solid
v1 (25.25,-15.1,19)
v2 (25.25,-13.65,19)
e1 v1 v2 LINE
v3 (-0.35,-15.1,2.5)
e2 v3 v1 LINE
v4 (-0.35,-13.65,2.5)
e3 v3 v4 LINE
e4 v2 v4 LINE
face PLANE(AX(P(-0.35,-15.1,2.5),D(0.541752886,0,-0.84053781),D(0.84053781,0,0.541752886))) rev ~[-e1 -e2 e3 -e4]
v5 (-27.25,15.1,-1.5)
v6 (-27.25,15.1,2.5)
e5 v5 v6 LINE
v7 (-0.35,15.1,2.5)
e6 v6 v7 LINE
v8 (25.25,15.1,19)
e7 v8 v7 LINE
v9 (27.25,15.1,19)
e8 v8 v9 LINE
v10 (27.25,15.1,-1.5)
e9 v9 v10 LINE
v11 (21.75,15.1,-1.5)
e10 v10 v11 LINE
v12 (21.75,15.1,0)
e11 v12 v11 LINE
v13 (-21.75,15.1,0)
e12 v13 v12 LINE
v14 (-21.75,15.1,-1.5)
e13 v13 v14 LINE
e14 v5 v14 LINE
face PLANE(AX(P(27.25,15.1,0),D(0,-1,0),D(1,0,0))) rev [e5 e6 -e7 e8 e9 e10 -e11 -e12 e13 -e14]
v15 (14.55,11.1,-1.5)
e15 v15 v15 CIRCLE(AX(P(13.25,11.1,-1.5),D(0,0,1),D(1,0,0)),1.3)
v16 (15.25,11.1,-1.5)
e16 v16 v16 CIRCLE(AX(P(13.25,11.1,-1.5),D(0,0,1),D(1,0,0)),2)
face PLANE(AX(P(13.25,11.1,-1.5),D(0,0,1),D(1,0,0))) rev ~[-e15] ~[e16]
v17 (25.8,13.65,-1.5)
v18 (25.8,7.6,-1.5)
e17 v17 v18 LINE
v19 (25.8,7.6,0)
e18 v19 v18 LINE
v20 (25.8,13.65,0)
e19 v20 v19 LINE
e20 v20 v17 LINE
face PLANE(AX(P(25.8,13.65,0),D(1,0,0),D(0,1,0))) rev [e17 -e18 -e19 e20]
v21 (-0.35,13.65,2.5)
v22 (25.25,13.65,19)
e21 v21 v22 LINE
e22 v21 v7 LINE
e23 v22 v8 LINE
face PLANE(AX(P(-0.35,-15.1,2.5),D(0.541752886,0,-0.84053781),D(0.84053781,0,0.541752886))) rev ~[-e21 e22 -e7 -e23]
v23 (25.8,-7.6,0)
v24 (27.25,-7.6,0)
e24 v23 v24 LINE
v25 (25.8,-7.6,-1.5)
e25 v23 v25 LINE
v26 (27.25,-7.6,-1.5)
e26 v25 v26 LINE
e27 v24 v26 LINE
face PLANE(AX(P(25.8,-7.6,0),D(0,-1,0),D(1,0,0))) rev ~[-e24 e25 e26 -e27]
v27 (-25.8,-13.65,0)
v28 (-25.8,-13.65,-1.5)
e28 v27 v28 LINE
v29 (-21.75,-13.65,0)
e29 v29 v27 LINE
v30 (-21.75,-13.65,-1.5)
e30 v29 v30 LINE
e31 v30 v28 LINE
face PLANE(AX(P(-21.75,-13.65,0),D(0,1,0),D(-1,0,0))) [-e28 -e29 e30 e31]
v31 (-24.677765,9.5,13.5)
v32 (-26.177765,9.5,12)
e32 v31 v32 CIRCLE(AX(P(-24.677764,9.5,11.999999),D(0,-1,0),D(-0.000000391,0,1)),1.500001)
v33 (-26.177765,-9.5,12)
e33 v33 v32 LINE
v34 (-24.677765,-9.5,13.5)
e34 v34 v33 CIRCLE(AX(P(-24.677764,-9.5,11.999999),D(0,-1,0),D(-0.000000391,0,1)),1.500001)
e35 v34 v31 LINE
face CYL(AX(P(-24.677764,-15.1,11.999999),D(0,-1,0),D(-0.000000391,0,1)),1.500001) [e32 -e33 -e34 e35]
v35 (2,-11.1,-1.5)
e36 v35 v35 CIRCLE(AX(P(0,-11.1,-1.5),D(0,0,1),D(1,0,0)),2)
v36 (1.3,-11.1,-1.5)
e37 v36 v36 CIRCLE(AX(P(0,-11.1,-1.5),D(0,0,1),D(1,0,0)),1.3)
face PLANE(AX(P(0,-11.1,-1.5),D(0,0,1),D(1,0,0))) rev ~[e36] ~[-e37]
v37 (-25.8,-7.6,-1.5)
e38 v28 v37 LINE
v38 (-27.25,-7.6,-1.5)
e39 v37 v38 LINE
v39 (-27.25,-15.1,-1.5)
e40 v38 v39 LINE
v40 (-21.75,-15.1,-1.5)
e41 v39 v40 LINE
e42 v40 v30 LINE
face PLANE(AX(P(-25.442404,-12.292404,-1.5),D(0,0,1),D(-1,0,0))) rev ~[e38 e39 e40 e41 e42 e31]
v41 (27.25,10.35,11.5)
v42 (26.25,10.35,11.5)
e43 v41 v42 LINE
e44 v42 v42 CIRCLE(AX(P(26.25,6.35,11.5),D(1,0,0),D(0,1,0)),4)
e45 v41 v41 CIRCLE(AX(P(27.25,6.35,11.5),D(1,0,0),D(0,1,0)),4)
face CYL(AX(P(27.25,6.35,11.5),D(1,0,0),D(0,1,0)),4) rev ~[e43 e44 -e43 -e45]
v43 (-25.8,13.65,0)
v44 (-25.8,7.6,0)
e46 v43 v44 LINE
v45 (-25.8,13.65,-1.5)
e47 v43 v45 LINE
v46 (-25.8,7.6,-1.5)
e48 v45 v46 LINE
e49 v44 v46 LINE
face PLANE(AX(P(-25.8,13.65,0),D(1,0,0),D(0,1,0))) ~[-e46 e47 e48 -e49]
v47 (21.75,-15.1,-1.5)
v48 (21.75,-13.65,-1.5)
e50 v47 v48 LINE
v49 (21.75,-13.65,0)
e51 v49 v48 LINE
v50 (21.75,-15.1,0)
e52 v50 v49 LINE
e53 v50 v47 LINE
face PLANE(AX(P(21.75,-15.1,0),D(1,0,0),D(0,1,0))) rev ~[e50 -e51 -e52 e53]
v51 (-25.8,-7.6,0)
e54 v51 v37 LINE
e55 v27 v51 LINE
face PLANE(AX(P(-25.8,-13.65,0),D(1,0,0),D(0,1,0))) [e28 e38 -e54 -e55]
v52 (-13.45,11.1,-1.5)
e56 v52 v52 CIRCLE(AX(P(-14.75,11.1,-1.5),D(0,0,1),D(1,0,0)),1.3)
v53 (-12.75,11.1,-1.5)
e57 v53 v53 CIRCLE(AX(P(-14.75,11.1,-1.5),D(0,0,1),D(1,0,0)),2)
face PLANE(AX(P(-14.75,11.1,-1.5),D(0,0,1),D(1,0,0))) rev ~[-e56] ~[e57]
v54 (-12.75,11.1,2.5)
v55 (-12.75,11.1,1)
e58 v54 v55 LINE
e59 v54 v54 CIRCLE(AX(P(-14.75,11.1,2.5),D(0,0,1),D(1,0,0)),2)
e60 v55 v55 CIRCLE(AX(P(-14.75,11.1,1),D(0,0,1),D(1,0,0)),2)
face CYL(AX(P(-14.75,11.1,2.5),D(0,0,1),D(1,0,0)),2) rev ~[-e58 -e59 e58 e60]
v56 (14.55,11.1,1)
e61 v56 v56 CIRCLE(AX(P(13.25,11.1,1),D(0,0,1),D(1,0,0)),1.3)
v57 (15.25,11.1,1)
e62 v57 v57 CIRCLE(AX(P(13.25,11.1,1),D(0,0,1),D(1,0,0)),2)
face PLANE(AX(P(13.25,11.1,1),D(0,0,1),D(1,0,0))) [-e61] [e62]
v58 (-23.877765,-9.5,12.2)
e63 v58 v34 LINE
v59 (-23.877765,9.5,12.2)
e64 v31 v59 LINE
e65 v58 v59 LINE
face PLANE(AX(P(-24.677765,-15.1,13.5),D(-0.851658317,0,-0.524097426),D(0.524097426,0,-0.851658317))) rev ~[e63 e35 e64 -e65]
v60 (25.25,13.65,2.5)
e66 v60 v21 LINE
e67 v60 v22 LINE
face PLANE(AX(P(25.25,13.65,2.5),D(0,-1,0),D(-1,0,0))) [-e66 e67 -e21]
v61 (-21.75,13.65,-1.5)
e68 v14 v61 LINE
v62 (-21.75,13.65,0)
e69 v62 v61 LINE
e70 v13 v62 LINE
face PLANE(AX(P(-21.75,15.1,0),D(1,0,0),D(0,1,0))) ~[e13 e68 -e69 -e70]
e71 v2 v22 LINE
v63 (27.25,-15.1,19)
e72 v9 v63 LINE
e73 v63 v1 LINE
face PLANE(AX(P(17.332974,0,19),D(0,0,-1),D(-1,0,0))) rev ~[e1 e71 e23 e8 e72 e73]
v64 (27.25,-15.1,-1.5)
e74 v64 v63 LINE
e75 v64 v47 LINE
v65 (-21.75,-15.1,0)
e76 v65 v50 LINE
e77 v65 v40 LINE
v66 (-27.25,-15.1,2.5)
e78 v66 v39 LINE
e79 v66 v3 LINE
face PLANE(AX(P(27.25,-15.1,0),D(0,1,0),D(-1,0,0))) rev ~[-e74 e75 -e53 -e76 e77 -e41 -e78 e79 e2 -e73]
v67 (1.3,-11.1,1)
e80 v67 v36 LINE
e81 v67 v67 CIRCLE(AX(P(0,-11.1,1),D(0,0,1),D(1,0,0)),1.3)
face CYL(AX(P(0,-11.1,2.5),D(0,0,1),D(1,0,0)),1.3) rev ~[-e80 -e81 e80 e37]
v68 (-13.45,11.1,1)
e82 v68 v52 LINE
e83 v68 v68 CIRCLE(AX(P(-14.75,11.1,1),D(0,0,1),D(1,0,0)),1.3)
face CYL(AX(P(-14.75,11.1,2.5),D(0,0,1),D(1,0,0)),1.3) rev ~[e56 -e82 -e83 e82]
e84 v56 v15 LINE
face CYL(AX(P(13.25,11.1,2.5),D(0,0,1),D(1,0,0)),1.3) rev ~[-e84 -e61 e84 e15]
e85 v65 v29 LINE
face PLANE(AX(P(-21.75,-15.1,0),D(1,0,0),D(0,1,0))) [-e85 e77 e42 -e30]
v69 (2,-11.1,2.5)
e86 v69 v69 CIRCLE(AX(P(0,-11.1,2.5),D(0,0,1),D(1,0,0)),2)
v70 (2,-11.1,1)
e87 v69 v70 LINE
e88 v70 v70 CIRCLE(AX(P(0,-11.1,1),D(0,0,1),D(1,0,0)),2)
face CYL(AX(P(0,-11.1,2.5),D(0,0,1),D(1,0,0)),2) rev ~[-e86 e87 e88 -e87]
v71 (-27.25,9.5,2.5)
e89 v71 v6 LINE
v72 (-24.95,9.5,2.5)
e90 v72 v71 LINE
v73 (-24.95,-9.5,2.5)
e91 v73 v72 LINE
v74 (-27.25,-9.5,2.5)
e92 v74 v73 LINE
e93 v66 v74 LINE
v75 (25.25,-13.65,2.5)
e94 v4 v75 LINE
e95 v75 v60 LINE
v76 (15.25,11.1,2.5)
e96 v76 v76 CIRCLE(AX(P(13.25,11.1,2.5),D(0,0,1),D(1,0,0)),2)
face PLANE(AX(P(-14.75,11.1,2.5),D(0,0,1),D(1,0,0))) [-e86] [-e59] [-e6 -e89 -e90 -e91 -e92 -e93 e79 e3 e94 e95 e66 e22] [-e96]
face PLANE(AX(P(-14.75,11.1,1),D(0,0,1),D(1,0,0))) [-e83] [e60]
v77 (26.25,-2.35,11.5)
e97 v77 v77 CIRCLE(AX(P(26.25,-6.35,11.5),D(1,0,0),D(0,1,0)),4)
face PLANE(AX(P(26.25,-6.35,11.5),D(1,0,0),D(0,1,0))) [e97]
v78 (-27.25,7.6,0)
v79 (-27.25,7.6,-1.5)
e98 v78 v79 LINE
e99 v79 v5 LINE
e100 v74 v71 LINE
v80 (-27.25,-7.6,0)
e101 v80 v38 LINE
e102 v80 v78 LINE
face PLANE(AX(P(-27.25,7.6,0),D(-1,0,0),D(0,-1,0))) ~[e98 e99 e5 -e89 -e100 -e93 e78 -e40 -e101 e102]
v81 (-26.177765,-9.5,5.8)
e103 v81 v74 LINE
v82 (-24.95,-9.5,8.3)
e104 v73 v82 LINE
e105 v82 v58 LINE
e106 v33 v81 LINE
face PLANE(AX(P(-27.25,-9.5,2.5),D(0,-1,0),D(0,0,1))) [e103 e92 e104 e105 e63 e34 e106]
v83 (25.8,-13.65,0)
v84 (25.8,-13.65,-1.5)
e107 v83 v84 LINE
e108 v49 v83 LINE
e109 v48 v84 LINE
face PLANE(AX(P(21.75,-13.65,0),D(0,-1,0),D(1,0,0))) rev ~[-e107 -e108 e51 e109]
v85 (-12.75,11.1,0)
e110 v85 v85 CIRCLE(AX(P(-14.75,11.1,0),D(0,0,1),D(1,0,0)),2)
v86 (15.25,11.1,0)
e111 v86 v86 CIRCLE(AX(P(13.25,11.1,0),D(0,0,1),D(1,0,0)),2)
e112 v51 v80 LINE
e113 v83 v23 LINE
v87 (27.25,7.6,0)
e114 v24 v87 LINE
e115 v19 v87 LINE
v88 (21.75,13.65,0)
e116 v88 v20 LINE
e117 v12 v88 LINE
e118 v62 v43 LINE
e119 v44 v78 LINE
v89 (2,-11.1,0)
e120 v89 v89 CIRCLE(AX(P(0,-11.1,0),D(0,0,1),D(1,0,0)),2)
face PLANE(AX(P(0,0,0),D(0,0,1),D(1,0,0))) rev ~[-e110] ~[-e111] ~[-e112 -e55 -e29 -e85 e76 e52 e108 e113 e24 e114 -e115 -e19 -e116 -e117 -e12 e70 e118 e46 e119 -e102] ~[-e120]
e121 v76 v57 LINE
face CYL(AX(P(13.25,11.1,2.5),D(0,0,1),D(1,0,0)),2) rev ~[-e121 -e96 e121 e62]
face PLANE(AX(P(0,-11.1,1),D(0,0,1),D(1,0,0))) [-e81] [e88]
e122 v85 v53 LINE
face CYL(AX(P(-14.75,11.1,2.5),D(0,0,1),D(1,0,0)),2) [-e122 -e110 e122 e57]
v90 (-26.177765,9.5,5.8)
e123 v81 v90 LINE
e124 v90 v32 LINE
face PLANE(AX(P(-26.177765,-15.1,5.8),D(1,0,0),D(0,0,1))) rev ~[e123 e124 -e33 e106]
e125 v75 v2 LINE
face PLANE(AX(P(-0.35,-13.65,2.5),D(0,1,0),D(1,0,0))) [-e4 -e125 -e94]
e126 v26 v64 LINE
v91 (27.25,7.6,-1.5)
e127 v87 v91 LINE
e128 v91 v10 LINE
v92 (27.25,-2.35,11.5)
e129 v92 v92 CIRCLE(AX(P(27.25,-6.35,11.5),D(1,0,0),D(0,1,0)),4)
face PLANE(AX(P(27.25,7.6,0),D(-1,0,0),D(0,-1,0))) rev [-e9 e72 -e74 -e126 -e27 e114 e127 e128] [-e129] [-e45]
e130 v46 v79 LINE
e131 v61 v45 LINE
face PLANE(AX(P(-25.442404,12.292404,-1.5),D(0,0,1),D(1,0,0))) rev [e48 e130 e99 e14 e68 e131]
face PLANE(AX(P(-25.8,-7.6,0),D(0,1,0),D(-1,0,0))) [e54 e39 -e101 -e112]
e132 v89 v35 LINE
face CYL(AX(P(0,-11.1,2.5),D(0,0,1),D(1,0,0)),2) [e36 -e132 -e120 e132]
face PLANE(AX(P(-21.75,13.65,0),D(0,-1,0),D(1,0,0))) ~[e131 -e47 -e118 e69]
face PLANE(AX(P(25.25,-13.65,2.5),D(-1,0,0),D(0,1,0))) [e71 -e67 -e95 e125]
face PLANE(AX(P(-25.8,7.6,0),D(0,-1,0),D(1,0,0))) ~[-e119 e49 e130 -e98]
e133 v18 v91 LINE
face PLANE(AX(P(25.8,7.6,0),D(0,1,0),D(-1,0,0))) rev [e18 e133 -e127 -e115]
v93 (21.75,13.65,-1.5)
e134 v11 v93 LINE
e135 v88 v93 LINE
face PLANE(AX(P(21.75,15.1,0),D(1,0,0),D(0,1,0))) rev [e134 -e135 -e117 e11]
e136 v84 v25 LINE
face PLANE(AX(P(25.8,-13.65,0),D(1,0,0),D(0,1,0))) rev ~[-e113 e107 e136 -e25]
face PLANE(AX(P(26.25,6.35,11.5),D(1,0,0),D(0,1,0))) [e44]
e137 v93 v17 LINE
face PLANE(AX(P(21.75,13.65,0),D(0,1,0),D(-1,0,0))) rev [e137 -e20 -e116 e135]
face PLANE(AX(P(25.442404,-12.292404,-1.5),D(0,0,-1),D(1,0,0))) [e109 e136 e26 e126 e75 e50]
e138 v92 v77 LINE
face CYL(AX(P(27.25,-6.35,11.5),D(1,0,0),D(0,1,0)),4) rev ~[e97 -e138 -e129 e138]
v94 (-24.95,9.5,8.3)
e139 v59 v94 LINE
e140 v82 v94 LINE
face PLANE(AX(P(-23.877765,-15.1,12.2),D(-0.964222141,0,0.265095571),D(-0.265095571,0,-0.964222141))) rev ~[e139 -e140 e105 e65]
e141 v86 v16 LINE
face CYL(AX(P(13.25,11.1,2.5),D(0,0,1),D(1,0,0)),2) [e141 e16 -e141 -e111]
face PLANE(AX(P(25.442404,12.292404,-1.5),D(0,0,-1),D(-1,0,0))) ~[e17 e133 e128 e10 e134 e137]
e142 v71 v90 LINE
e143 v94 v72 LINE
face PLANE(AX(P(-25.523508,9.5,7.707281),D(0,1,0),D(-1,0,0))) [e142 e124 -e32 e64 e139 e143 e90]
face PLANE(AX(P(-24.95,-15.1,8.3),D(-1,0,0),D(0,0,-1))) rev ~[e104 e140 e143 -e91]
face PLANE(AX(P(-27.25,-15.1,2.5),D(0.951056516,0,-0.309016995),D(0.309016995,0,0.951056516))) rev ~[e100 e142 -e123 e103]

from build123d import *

# Parameters (mm, degrees)
SKETCH_W                = 54.5
SKETCH_H                = 30.2
PAD_DEPTH               = 2.5
PAD001_DEPTH            = 16.5
POCKET_DEPTH            = 30.201
PAD002_DEPTH            = 24.6
SKETCH004_W             = 5.6
SKETCH004_H             = 11
POCKET001_DEPTH         = 5
SKETCH005_R             = 2
PAD003_DEPTH            = 4
SKETCH006_R             = 2
POCKET002_DEPTH         = 1.5
SKETCH007_R             = 1.3
POCKET003_DEPTH         = 4.001
PAD004_DEPTH            = 1.5
PAD004_MIRRORED_2_DEPTH = 1.5
SKETCH012_R             = 4
POCKET006_DEPTH         = 1


with BuildPart() as part:
    # Sketch → Pad (new body)
    with BuildSketch(Plane.XY):
        Rectangle(SKETCH_W, SKETCH_H)
    extrude(amount=PAD_DEPTH)

    # Sketch001 (on Face6 of Pad) → Pad001 (join)
    with BuildSketch(Plane.XY.offset(2.5)):
        Polygon((27.25, 15.1), (27.25, -15.1), (-0.35, -15.1), (-0.35, -13.65), (25.25, -13.65), (25.25, 13.65), (-0.35, 13.65), (-0.35, 15.1), align=None)
    extrude(amount=PAD001_DEPTH)

    # Sketch002 (on Face15 of Pad001) → Pocket (cut, through all)
    with BuildSketch(Plane.XZ.offset(15.1)):
        Polygon((-0.35, 2.5), (25.25, 19), (27.25, 19), (27.25, 21), (-0.35, 21), align=None)
    extrude(amount=-POCKET_DEPTH, mode=Mode.SUBTRACT)

    # Sketch003 (on Face7 of Pocket) → Pad002 (join)
    with BuildSketch(Plane.XZ.offset(15.1)):
        with BuildLine():
            Line((-27.25, 2.5), (-26.177765, 5.8))
            Line((-26.177765, 5.8), (-26.177765, 12))
            ThreePointArc((-24.677765, 13.5), (-25.738425, 13.06066), (-26.177765, 12))
            Line((-24.677765, 13.5), (-23.877765, 12.2))
            Line((-23.877765, 12.2), (-24.95, 8.3))
            Line((-24.95, 8.3), (-24.95, 2.5))
            Line((-24.95, 2.5), (-27.25, 2.5))
        make_face()
    extrude(amount=-PAD002_DEPTH)

    # Sketch004 (on Face2 of Pad002) → Pocket001 (cut)
    with BuildSketch(Plane(origin=(-27.25, 0, 0), x_dir=(0, -1, 0), z_dir=(-1, 0, 0))):
        with Locations((12.3, 8)):
            Rectangle(SKETCH004_W, SKETCH004_H)
    extrude(amount=-POCKET001_DEPTH, mode=Mode.SUBTRACT)

    # Sketch005 (on Face5 of Pocket001) → Pad003 (join)
    with BuildSketch(Plane.XY.offset(2.5)):
        with Locations((-14.75, 11.1)):
            Circle(SKETCH005_R)
        with Locations((13.25, 11.1)):
            Circle(SKETCH005_R)
        with Locations((0, -11.1)):
            Circle(SKETCH005_R)
    extrude(amount=-PAD003_DEPTH)

    # Sketch006 (on Face5 of Pad003) → Pocket002 (cut)
    with BuildSketch(Plane.XY.offset(2.5)):
        with Locations((-14.75, 11.1)):
            Circle(SKETCH006_R)
        with Locations((13.25, 11.1)):
            Circle(SKETCH006_R)
        with Locations((0, -11.1)):
            Circle(SKETCH006_R)
    extrude(amount=-POCKET002_DEPTH, mode=Mode.SUBTRACT)

    # Sketch007 (on Face5 of Pocket002) → Pocket003 (cut, through all)
    with BuildSketch(Plane.XY.offset(2.5)):
        with Locations((-14.75, 11.1)):
            Circle(SKETCH007_R)
        with Locations((13.25, 11.1)):
            Circle(SKETCH007_R)
        with Locations((0, -11.1)):
            Circle(SKETCH007_R)
    extrude(amount=-POCKET003_DEPTH, mode=Mode.SUBTRACT)

    # Sketch008 (on Face4 of Pocket003) → Pad004 (join)
    with BuildSketch(Plane(origin=(0, 0, 0), x_dir=(1, 0, 0), z_dir=(0, 0, -1))):
        Polygon((-27.25, 15.1), (-21.75, 15.1), (-21.75, 13.65), (-25.8, 13.65), (-25.8, 7.6), (-27.25, 7.6), align=None)
    pad004 = extrude(amount=PAD004_DEPTH)

    # Sketch008 Mirrored 2 → Pad004 Mirrored 2 (add)
    with BuildSketch(Plane(origin=(0, 0, 0), x_dir=(-1, 0, 0), z_dir=(0, 0, 1))):
        Polygon((-27.25, 15.1), (-21.75, 15.1), (-21.75, 13.65), (-25.8, 13.65), (-25.8, 7.6), (-27.25, 7.6), align=None)
    pad004_mirrored_2 = extrude(amount=-PAD004_MIRRORED_2_DEPTH)

    # Mirrored001: Pad004, Pad004 Mirrored 2 across Sketch008 H_Axis
    add(pad004.mirror(Plane(origin=(0, 0, 0), x_dir=(0, 0, -1), z_dir=(0, -1, 0))))
    add(pad004_mirrored_2.mirror(Plane(origin=(0, 0, 0), x_dir=(0, 0, -1), z_dir=(0, -1, 0))))

    # Sketch012 (on Face16 of MultiTransform) → Pocket006 (cut)
    with BuildSketch(Plane.YZ.offset(27.25)):
        with Locations((-6.35, 11.5)):
            Circle(SKETCH012_R)
        with Locations((6.35, 11.5)):
            Circle(SKETCH012_R)
    extrude(amount=-POCKET006_DEPTH, mode=Mode.SUBTRACT)


solid = part.part
